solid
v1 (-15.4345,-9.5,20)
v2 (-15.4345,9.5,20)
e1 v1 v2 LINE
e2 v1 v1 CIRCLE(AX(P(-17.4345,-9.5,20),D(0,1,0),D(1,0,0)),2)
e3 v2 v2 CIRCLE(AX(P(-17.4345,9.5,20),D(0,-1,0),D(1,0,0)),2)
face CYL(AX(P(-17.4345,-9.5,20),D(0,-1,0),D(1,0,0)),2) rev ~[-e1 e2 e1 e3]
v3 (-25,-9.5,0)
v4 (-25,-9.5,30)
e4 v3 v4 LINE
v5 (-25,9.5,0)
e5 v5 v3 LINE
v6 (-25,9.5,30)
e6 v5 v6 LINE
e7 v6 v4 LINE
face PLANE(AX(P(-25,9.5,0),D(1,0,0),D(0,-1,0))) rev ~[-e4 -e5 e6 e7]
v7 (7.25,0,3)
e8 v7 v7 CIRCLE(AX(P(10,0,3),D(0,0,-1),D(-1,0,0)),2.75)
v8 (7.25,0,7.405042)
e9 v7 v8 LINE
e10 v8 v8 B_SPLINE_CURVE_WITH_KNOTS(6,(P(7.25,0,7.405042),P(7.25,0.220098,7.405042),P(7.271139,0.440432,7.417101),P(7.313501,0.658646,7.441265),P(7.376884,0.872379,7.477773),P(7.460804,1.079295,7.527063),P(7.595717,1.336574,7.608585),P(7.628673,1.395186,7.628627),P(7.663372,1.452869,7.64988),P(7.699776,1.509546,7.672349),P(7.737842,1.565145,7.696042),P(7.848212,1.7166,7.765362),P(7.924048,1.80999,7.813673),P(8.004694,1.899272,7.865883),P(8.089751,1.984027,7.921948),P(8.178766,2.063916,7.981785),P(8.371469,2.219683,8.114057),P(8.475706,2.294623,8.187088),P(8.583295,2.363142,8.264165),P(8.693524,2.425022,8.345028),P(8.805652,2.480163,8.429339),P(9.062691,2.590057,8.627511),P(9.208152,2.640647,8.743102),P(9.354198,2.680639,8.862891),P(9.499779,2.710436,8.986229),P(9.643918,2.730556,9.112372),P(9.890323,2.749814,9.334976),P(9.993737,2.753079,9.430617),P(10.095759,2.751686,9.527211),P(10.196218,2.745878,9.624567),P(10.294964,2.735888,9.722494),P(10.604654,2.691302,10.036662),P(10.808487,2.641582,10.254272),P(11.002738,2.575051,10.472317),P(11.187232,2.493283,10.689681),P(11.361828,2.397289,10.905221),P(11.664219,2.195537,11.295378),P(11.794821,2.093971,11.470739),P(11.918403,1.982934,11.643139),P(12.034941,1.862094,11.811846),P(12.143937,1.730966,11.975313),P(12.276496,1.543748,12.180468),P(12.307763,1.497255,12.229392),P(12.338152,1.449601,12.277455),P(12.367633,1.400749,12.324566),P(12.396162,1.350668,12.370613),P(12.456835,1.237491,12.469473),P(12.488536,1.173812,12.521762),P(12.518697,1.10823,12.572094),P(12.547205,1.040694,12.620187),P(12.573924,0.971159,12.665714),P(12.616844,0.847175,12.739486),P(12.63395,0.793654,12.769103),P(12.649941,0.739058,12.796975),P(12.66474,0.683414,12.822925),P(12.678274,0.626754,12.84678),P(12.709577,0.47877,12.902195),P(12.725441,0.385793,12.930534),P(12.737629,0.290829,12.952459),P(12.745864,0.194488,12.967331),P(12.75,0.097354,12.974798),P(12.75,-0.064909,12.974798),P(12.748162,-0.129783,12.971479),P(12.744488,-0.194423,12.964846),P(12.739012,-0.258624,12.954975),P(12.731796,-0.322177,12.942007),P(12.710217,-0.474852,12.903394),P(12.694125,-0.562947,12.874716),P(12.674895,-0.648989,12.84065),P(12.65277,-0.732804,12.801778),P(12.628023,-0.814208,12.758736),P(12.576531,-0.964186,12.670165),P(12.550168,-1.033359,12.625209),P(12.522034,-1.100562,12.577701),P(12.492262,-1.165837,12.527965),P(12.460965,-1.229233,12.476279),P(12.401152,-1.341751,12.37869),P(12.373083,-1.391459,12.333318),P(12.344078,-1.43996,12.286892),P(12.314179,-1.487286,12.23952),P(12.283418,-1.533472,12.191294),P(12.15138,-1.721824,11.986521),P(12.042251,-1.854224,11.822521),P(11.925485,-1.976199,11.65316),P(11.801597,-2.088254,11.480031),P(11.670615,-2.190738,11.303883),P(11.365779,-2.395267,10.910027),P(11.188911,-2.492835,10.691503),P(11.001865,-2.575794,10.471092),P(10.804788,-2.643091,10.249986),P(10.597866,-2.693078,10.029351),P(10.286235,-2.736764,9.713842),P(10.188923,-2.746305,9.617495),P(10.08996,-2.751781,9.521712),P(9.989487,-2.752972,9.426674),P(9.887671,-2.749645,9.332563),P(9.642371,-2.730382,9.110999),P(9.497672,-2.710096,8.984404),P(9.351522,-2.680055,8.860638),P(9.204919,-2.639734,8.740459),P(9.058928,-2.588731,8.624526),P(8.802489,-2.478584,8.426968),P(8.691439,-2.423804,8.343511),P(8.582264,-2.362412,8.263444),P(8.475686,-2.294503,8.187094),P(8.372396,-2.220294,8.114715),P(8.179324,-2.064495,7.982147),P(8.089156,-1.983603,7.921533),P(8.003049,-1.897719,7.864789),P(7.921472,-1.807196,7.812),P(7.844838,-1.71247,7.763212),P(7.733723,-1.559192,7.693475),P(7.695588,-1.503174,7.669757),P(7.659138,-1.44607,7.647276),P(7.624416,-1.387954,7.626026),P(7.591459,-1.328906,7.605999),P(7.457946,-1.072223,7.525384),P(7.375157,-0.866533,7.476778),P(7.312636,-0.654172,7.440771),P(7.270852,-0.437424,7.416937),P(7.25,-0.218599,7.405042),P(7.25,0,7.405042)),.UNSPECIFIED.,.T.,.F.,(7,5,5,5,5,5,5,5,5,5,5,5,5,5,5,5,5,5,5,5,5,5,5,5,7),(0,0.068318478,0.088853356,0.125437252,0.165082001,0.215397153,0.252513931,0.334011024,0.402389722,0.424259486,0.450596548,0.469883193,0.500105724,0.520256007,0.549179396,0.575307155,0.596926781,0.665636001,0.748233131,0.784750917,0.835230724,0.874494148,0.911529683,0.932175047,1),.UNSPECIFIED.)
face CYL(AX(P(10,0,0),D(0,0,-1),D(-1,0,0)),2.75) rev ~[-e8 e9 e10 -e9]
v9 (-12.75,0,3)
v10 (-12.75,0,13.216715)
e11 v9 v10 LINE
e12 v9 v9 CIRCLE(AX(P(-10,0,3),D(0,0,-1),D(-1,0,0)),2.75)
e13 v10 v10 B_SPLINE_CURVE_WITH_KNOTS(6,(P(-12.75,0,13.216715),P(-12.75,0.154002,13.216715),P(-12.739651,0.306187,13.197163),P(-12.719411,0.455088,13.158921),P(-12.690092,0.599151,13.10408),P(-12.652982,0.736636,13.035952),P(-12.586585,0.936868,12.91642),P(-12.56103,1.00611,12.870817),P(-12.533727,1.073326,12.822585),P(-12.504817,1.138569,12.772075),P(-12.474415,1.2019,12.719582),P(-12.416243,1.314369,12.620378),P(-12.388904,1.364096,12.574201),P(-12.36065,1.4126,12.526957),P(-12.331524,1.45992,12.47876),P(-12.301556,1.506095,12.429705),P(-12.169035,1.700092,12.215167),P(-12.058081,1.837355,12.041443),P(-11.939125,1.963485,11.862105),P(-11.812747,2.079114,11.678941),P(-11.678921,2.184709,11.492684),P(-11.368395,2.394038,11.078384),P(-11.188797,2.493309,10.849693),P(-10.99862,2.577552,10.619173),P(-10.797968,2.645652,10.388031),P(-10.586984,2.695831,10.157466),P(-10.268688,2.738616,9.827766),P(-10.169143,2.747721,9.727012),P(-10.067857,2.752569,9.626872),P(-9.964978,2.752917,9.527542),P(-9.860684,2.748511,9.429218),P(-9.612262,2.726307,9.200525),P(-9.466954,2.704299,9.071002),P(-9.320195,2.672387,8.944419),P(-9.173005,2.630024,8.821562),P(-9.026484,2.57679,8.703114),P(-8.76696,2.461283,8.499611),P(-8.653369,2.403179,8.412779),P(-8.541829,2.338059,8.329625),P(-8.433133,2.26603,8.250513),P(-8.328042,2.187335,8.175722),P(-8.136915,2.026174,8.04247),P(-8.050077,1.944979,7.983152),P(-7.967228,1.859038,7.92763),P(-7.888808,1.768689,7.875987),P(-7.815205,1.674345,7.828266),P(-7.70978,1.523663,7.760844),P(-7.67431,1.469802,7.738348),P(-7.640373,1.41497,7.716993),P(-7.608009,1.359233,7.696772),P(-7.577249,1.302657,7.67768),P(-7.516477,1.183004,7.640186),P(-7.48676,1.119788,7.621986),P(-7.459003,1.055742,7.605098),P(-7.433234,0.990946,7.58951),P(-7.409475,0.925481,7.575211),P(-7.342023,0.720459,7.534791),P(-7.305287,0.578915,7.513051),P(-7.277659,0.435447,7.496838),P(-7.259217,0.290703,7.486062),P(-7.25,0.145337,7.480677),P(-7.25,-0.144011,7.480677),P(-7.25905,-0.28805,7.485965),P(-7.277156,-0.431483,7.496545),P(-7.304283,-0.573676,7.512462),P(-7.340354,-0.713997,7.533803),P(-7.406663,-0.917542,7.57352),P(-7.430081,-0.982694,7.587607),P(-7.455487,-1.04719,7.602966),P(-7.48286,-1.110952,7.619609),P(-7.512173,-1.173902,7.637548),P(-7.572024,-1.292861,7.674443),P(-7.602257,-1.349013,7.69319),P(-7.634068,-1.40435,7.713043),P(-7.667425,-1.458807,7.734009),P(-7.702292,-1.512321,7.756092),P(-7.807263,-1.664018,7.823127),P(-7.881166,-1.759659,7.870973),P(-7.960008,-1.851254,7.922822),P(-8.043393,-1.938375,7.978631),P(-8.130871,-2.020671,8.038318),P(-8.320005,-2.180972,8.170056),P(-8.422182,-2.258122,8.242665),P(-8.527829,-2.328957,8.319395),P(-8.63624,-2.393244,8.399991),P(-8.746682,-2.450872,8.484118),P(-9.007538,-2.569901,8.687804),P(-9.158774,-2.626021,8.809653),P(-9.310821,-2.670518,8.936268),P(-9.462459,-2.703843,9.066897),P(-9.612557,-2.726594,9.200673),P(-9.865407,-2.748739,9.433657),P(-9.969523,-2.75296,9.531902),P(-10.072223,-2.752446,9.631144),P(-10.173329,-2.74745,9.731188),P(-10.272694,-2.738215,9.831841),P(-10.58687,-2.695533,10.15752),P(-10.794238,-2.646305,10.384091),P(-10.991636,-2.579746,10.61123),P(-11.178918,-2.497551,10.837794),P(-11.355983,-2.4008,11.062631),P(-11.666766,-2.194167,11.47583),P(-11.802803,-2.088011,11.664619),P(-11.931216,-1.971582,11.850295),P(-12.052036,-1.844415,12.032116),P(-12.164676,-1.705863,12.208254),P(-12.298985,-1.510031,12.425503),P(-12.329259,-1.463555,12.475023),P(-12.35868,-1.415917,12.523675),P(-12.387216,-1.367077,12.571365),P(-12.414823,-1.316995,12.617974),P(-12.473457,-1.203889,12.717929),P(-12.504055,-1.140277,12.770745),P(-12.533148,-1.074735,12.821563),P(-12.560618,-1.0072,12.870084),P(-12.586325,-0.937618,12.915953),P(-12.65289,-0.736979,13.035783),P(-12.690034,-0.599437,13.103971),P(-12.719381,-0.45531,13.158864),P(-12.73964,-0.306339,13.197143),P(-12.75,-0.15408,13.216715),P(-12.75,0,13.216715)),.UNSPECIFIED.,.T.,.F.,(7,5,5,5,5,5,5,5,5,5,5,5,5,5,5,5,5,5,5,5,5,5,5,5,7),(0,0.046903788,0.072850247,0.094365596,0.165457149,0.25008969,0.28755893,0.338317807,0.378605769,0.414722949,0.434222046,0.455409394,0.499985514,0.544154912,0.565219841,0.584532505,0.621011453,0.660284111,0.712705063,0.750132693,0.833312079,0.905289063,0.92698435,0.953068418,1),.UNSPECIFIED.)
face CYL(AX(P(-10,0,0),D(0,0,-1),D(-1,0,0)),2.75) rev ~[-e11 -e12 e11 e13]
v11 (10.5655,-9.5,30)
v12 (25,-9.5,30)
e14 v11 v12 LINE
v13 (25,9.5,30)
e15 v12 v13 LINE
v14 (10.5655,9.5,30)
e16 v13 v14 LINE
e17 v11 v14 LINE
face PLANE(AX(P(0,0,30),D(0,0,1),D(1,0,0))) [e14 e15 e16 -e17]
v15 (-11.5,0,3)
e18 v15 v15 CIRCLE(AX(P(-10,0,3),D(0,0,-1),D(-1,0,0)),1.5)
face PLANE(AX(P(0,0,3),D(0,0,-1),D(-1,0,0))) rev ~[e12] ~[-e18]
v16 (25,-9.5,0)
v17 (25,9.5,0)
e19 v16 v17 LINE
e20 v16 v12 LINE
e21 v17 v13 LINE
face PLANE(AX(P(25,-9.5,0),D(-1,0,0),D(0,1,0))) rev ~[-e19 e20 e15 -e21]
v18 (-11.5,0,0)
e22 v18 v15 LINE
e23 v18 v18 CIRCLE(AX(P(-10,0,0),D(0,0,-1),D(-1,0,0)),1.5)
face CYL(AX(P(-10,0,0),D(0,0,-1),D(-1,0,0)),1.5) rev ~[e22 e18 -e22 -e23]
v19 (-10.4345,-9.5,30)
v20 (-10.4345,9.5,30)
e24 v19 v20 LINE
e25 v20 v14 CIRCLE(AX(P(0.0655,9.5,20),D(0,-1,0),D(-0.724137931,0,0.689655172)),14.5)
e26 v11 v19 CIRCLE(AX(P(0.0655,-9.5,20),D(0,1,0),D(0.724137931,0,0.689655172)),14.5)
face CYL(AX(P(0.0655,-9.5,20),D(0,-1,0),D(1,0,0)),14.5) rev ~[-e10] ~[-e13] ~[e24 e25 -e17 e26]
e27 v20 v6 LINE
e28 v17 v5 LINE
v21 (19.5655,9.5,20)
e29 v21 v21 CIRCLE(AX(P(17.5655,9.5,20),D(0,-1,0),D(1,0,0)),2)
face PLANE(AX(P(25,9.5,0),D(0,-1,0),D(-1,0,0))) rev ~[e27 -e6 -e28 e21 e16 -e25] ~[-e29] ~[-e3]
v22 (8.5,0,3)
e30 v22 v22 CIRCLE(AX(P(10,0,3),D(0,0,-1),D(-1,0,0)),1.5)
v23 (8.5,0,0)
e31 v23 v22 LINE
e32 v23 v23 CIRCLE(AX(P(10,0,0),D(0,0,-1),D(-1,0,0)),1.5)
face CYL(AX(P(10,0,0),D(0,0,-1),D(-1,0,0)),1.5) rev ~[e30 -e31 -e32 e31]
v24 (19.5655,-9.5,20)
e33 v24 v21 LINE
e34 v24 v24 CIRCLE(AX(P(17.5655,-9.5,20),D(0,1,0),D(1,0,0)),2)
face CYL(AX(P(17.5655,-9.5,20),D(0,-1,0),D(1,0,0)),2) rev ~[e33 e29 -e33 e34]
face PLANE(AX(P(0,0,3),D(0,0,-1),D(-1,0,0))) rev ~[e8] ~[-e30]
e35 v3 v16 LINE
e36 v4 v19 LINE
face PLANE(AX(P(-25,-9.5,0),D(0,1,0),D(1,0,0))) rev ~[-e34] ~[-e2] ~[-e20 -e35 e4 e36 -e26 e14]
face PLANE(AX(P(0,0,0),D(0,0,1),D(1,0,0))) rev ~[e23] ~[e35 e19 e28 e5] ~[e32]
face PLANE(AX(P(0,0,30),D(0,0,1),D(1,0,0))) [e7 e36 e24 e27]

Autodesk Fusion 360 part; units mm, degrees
sketch "Sketch1" plane through (0, 0, 0) normal (0, 0, 1) x (1, 0, 0)
  line L0 (25, 9.5) -> (-25, 9.5)
  line L1 (-25, 9.5) -> (-25, -9.5)
  line L2 (-25, -9.5) -> (25, -9.5)
  line L3 (25, -9.5) -> (25, 9.5)
  line L4 (25, 9.5) -> (-25, -9.5) construction
  line L5 (-25, 9.5) -> (25, -9.5) construction
  line L6 (60, -9.5) -> (110, -9.5)
  line L7 (110, -9.5) -> (110, 9.5)
  line L8 (110, 9.5) -> (60, 9.5)
  line L9 (60, 9.5) -> (60, -9.5)
  line L10 (60, -9.5) -> (110, 9.5) construction
  line L11 (110, -9.5) -> (60, 9.5) construction
  circle A0 centre (75, 0) radius 2
  circle A1 centre (95, 0) radius 2
  point P0 (85, 0)
  dimension "d1" = 50
  dimension "d2" = 19
  dimension "d22" = 50
  dimension "d23" = 19
  dimension "d26" = 4
  dimension "d27" = 4
extrude "Extrude1" add sketch "Sketch1" along normal blind 30 contours L0 L1 L2 L3
sketch "Sketch2" plane through (0, -9.5, 0) normal (0, -1, 0) x (1, 0, 0)
  line L0 (-25, 0) -> (25, 0)
  line L1 (25, 0) -> (25, 30)
  line L2 (25, 30) -> (-25, 30)
  line L3 (-25, 30) -> (-25, 0)
  circle A0 centre (0.0655, 20) radius 14.5
  line L4 (-40, 20) -> (55, 20)
  circle A1 centre (17.5655, 20) radius 2
  circle A2 centre (-17.4345, 20) radius 2
  dimension "d5" = 29
  dimension "d10" = 4
  dimension "d11" = 17.5
  dimension "d12" = 4
  dimension "d13" = 17.5
extrude "Extrude2" cut sketch "Sketch2" against normal blind 19 contours L4 A2 | L4 A2 | L4 A1 | L4 A1 | L2 A0 L4 | A0 L4
sketch "Sketch3" plane through (0, 0, 0) normal (0, 0, -1) x (-1, 0, 0)
  line L0 (-25, 9.5) -> (-25, -9.5)
  line L1 (-25, -9.5) -> (25, -9.5)
  line L2 (25, -9.5) -> (25, 9.5)
  line L3 (25, 9.5) -> (-25, 9.5)
  circle A0 centre (-10, 0) radius 1.5
  circle A1 centre (-10, 0) radius 2.75
  circle A2 centre (10, 0) radius 1.5
  circle A3 centre (10, 0) radius 2.75
  dimension "d14" = 3
  dimension "d15" = 5.5
  dimension "d16" = 3
  dimension "d17" = 5.5
extrude "Extrude3" cut sketch "Sketch3" against normal blind 15 contours A0 | A1 | A2 | A3
extrude "Extrude4" add sketch "Sketch3" against normal blind 3 contours A1 | A3
